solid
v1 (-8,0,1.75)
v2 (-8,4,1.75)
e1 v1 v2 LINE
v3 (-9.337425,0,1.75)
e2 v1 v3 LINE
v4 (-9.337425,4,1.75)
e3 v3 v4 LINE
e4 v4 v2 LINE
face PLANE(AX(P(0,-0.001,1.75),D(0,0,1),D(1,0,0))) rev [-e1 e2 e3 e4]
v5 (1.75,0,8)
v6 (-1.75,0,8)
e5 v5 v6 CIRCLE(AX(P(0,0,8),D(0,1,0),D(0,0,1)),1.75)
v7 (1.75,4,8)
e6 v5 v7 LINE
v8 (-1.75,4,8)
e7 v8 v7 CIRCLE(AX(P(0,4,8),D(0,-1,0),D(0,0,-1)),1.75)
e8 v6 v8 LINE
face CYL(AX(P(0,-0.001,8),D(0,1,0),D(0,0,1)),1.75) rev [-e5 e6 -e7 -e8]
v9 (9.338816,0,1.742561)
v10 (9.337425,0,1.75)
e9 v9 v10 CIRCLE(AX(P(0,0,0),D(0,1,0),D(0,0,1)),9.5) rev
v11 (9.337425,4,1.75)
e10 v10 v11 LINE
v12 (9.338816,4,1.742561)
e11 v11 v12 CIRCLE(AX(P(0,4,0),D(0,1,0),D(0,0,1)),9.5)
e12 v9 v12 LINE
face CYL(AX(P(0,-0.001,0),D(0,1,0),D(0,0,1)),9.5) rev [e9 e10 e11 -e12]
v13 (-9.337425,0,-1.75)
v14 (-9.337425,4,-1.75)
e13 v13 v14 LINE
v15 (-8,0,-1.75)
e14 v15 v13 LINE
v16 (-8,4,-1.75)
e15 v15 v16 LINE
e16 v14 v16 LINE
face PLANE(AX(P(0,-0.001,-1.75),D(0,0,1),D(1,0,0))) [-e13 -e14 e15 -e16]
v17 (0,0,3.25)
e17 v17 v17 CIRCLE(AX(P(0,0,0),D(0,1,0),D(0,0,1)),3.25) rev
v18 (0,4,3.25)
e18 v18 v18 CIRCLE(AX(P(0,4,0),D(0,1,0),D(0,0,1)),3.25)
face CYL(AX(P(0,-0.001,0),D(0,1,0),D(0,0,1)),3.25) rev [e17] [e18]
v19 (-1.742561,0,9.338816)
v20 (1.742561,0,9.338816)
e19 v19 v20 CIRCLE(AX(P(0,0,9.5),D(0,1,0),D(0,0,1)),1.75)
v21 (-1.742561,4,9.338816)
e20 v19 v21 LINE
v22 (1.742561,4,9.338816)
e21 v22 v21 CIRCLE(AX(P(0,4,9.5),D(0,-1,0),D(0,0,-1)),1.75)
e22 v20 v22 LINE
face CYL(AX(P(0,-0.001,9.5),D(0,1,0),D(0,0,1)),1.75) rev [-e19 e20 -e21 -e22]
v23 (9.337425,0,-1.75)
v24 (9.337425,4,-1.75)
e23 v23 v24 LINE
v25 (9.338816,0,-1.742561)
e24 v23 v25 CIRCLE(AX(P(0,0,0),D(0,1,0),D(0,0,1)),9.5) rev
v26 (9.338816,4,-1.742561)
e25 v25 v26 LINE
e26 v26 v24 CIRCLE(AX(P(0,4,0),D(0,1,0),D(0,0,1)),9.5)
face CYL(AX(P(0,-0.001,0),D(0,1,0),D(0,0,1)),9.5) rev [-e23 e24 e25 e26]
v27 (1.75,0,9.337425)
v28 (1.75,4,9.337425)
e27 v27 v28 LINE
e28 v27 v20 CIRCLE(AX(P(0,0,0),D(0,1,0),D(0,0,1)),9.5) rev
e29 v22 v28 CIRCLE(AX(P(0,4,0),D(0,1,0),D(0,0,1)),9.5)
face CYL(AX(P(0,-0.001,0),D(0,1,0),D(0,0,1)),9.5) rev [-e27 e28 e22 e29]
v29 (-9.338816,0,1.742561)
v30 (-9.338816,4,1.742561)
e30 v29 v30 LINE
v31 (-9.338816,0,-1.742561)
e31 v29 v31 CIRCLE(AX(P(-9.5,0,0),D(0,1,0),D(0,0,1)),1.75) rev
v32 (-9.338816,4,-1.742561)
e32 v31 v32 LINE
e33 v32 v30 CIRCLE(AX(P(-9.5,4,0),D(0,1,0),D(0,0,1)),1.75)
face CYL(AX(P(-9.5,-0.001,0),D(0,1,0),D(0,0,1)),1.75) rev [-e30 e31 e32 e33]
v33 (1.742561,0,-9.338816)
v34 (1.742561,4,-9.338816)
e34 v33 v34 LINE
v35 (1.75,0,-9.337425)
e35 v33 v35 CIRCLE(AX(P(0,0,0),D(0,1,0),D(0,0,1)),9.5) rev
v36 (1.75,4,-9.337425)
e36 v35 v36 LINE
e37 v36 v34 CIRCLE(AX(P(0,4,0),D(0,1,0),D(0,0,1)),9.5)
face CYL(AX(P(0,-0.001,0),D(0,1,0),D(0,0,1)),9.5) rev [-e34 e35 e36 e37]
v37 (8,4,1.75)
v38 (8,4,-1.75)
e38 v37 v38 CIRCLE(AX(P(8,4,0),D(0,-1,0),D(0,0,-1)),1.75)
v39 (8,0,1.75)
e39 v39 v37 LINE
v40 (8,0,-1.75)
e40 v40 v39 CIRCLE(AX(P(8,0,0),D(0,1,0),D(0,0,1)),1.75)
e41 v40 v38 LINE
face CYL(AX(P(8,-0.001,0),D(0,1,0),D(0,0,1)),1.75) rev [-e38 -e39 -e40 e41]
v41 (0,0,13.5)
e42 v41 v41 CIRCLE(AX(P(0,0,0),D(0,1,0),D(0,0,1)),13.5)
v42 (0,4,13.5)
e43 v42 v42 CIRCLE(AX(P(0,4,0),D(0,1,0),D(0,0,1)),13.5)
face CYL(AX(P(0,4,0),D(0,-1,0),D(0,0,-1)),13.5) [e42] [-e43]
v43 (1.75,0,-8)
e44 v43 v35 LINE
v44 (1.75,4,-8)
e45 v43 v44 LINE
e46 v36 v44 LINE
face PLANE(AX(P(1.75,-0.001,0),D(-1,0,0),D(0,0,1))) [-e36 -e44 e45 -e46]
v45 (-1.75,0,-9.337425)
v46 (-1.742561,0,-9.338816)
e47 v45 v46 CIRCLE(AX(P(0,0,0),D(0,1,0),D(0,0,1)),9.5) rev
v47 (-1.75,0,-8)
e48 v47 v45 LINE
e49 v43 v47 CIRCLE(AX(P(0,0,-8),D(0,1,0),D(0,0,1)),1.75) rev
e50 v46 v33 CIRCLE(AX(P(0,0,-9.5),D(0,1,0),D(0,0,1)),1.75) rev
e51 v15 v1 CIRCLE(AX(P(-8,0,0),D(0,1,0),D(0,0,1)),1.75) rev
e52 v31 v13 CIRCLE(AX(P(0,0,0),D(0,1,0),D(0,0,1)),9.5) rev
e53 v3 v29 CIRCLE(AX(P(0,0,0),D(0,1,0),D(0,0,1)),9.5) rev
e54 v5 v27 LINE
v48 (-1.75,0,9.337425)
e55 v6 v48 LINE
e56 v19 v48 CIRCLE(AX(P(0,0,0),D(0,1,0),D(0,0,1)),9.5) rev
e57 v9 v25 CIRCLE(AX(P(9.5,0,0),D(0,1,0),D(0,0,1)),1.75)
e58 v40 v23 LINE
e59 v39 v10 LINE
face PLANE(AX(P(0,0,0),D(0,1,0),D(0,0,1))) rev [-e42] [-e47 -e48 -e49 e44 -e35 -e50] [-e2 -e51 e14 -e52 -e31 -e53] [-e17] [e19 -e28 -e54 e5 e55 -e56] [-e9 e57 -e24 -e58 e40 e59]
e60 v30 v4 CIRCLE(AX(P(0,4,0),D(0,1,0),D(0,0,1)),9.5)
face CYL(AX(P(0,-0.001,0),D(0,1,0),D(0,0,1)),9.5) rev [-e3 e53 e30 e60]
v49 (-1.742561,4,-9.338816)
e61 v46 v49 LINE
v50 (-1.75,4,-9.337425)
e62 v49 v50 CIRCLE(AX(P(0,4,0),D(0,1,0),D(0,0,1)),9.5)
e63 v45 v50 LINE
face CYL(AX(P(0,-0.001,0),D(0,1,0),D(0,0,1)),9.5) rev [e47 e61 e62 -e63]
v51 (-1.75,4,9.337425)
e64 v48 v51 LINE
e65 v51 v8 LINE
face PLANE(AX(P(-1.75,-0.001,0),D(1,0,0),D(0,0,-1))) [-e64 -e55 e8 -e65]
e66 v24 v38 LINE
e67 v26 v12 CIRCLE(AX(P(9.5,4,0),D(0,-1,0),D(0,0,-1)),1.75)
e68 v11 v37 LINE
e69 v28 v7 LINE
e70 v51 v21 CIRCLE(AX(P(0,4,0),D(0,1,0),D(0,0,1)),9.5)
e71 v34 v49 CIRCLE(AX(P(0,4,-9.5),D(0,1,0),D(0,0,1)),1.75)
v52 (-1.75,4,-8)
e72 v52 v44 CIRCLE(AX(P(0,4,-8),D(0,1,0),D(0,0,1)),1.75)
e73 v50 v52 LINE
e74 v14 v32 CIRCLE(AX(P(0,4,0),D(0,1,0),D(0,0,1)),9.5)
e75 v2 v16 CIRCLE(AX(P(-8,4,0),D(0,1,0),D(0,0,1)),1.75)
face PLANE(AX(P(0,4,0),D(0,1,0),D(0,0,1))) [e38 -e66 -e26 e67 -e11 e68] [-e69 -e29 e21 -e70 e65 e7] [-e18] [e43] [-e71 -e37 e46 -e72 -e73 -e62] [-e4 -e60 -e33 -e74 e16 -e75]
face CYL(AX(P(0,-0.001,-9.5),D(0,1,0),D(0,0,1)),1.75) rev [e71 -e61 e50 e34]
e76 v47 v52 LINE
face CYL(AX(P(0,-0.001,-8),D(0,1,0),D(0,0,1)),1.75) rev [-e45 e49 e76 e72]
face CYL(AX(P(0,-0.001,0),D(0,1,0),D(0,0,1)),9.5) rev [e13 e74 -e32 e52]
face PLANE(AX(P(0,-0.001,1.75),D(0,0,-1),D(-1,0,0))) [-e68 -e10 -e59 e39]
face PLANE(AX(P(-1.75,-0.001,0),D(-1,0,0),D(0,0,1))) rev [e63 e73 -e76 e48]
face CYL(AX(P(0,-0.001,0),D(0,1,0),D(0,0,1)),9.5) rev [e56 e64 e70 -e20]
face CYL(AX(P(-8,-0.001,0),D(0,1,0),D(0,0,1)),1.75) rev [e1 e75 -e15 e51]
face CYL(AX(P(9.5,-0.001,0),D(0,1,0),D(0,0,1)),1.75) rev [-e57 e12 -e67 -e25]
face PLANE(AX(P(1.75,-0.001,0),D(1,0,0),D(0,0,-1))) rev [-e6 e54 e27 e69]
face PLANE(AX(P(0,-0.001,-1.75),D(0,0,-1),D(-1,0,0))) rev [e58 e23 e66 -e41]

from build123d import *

# Parameters (mm, degrees)
SKETCH1_R           = 13.5
BOSS_EXTRUDE1_DEPTH = 4
CUT_EXTRUDE1_REACH  = 21.506
SKETCH2_R           = 3.25


with BuildPart() as part:
    # Sketch1 → Boss-Extrude1 (new body)
    with BuildSketch(Plane(origin=(0, 0, 0), x_dir=(1, 0, 0), z_dir=(0, 1, 0))):
        with Locations(Location((0, 0, 0), (0, 0, 270))):
            Circle(SKETCH1_R)
    extrude(amount=BOSS_EXTRUDE1_DEPTH)

    # Sketch2 → Cut-Extrude1 (cut, up to next)
    with BuildSketch(Plane(origin=(0, 4, 0), x_dir=(1, 0, 0), z_dir=(0, 1, 0)), mode=Mode.PRIVATE) as cut_extrude1_sk1:
        with BuildLine():
            Line((-9.337424698, -1.75), (-8, -1.75))
            ThreePointArc((-8, -1.75), (-6.25, 0), (-8, 1.75))
            Line((-8, 1.75), (-9.337424698, 1.75))
            ThreePointArc((-9.337424698, 1.75), (-9.338120985, 1.746280755), (-9.338815789, 1.742561233))
            ThreePointArc((-9.338815789, 1.742561233), (-11.25, 0), (-9.338815789, -1.742561233))
            ThreePointArc((-9.338815789, -1.742561233), (-9.338120985, -1.746280755), (-9.337424698, -1.75))
        make_face()
    cut_extrude1_tool1 = extrude(cut_extrude1_sk1.sketch, amount=-CUT_EXTRUDE1_REACH, mode=Mode.PRIVATE) & part.part
    # Sketch2 → Cut-Extrude1 (cut, up to next)
    with BuildSketch(Plane(origin=(0, 4, 0), x_dir=(1, 0, 0), z_dir=(0, 1, 0)), mode=Mode.PRIVATE) as cut_extrude1_sk2:
        with BuildLine():
            ThreePointArc((1.75, 9.337424698), (1.746280755, 9.338120985), (1.742561233, 9.338815789))
            ThreePointArc((1.742561233, 9.338815789), (0, 11.25), (-1.742561233, 9.338815789))
            ThreePointArc((-1.742561233, 9.338815789), (-1.746280755, 9.338120985), (-1.75, 9.337424698))
            Line((-1.75, 9.337424698), (-1.75, 8))
            ThreePointArc((-1.75, 8), (0, 6.25), (1.75, 8))
            Line((1.75, 8), (1.75, 9.337424698))
        make_face()
    cut_extrude1_tool2 = extrude(cut_extrude1_sk2.sketch, amount=-CUT_EXTRUDE1_REACH, mode=Mode.PRIVATE) & part.part
    # Sketch2 → Cut-Extrude1 (cut, up to next)
    with BuildSketch(Plane(origin=(0, 4, 0), x_dir=(1, 0, 0), z_dir=(0, 1, 0)), mode=Mode.PRIVATE) as cut_extrude1_sk3:
        with BuildLine():
            ThreePointArc((-1.742561233, -9.338815789), (0, -11.25), (1.742561233, -9.338815789))
            ThreePointArc((1.742561233, -9.338815789), (1.746280755, -9.338120985), (1.75, -9.337424698))
            Line((1.75, -9.337424698), (1.75, -8))
            ThreePointArc((1.75, -8), (0, -6.25), (-1.75, -8))
            Line((-1.75, -8), (-1.75, -9.337424698))
            ThreePointArc((-1.75, -9.337424698), (-1.746280755, -9.338120985), (-1.742561233, -9.338815789))
        make_face()
    cut_extrude1_tool3 = extrude(cut_extrude1_sk3.sketch, amount=-CUT_EXTRUDE1_REACH, mode=Mode.PRIVATE) & part.part
    # Sketch2 → Cut-Extrude1 (cut, up to next)
    with BuildSketch(Plane(origin=(0, 4, 0), x_dir=(1, 0, 0), z_dir=(0, 1, 0)), mode=Mode.PRIVATE) as cut_extrude1_sk4:
        with BuildLine():
            ThreePointArc((9.337424698, -1.75), (9.338120985, -1.746280755), (9.338815789, -1.742561233))
            ThreePointArc((9.338815789, -1.742561233), (11.25, 0), (9.338815789, 1.742561233))
            ThreePointArc((9.338815789, 1.742561233), (9.338120985, 1.746280755), (9.337424698, 1.75))
            Line((9.337424698, 1.75), (8, 1.75))
            ThreePointArc((8, 1.75), (6.25, 0), (8, -1.75))
            Line((8, -1.75), (9.337424698, -1.75))
        make_face()
    cut_extrude1_tool4 = extrude(cut_extrude1_sk4.sketch, amount=-CUT_EXTRUDE1_REACH, mode=Mode.PRIVATE) & part.part
    # Sketch2 → Cut-Extrude1 (cut, up to next)
    with BuildSketch(Plane(origin=(0, 4, 0), x_dir=(1, 0, 0), z_dir=(0, 1, 0)), mode=Mode.PRIVATE) as cut_extrude1_sk5:
        with Locations(Location((0, 0, 0), (0, 0, 270))):
            Circle(SKETCH2_R)
    cut_extrude1_tool5 = extrude(cut_extrude1_sk5.sketch, amount=-CUT_EXTRUDE1_REACH, mode=Mode.PRIVATE) & part.part
    add(cut_extrude1_tool1.solids().sort_by_distance((-8.749966, 4, 0))[0], mode=Mode.SUBTRACT)
    add(cut_extrude1_tool2.solids().sort_by_distance((0, 4, -8.749966))[0], mode=Mode.SUBTRACT)
    add(cut_extrude1_tool3.solids().sort_by_distance((0, 4, 8.749966))[0], mode=Mode.SUBTRACT)
    add(cut_extrude1_tool4.solids().sort_by_distance((8.749966, 4, 0))[0], mode=Mode.SUBTRACT)
    add(cut_extrude1_tool5.solids().sort_by_distance((0, 4, 0))[0], mode=Mode.SUBTRACT)


solid = part.part
